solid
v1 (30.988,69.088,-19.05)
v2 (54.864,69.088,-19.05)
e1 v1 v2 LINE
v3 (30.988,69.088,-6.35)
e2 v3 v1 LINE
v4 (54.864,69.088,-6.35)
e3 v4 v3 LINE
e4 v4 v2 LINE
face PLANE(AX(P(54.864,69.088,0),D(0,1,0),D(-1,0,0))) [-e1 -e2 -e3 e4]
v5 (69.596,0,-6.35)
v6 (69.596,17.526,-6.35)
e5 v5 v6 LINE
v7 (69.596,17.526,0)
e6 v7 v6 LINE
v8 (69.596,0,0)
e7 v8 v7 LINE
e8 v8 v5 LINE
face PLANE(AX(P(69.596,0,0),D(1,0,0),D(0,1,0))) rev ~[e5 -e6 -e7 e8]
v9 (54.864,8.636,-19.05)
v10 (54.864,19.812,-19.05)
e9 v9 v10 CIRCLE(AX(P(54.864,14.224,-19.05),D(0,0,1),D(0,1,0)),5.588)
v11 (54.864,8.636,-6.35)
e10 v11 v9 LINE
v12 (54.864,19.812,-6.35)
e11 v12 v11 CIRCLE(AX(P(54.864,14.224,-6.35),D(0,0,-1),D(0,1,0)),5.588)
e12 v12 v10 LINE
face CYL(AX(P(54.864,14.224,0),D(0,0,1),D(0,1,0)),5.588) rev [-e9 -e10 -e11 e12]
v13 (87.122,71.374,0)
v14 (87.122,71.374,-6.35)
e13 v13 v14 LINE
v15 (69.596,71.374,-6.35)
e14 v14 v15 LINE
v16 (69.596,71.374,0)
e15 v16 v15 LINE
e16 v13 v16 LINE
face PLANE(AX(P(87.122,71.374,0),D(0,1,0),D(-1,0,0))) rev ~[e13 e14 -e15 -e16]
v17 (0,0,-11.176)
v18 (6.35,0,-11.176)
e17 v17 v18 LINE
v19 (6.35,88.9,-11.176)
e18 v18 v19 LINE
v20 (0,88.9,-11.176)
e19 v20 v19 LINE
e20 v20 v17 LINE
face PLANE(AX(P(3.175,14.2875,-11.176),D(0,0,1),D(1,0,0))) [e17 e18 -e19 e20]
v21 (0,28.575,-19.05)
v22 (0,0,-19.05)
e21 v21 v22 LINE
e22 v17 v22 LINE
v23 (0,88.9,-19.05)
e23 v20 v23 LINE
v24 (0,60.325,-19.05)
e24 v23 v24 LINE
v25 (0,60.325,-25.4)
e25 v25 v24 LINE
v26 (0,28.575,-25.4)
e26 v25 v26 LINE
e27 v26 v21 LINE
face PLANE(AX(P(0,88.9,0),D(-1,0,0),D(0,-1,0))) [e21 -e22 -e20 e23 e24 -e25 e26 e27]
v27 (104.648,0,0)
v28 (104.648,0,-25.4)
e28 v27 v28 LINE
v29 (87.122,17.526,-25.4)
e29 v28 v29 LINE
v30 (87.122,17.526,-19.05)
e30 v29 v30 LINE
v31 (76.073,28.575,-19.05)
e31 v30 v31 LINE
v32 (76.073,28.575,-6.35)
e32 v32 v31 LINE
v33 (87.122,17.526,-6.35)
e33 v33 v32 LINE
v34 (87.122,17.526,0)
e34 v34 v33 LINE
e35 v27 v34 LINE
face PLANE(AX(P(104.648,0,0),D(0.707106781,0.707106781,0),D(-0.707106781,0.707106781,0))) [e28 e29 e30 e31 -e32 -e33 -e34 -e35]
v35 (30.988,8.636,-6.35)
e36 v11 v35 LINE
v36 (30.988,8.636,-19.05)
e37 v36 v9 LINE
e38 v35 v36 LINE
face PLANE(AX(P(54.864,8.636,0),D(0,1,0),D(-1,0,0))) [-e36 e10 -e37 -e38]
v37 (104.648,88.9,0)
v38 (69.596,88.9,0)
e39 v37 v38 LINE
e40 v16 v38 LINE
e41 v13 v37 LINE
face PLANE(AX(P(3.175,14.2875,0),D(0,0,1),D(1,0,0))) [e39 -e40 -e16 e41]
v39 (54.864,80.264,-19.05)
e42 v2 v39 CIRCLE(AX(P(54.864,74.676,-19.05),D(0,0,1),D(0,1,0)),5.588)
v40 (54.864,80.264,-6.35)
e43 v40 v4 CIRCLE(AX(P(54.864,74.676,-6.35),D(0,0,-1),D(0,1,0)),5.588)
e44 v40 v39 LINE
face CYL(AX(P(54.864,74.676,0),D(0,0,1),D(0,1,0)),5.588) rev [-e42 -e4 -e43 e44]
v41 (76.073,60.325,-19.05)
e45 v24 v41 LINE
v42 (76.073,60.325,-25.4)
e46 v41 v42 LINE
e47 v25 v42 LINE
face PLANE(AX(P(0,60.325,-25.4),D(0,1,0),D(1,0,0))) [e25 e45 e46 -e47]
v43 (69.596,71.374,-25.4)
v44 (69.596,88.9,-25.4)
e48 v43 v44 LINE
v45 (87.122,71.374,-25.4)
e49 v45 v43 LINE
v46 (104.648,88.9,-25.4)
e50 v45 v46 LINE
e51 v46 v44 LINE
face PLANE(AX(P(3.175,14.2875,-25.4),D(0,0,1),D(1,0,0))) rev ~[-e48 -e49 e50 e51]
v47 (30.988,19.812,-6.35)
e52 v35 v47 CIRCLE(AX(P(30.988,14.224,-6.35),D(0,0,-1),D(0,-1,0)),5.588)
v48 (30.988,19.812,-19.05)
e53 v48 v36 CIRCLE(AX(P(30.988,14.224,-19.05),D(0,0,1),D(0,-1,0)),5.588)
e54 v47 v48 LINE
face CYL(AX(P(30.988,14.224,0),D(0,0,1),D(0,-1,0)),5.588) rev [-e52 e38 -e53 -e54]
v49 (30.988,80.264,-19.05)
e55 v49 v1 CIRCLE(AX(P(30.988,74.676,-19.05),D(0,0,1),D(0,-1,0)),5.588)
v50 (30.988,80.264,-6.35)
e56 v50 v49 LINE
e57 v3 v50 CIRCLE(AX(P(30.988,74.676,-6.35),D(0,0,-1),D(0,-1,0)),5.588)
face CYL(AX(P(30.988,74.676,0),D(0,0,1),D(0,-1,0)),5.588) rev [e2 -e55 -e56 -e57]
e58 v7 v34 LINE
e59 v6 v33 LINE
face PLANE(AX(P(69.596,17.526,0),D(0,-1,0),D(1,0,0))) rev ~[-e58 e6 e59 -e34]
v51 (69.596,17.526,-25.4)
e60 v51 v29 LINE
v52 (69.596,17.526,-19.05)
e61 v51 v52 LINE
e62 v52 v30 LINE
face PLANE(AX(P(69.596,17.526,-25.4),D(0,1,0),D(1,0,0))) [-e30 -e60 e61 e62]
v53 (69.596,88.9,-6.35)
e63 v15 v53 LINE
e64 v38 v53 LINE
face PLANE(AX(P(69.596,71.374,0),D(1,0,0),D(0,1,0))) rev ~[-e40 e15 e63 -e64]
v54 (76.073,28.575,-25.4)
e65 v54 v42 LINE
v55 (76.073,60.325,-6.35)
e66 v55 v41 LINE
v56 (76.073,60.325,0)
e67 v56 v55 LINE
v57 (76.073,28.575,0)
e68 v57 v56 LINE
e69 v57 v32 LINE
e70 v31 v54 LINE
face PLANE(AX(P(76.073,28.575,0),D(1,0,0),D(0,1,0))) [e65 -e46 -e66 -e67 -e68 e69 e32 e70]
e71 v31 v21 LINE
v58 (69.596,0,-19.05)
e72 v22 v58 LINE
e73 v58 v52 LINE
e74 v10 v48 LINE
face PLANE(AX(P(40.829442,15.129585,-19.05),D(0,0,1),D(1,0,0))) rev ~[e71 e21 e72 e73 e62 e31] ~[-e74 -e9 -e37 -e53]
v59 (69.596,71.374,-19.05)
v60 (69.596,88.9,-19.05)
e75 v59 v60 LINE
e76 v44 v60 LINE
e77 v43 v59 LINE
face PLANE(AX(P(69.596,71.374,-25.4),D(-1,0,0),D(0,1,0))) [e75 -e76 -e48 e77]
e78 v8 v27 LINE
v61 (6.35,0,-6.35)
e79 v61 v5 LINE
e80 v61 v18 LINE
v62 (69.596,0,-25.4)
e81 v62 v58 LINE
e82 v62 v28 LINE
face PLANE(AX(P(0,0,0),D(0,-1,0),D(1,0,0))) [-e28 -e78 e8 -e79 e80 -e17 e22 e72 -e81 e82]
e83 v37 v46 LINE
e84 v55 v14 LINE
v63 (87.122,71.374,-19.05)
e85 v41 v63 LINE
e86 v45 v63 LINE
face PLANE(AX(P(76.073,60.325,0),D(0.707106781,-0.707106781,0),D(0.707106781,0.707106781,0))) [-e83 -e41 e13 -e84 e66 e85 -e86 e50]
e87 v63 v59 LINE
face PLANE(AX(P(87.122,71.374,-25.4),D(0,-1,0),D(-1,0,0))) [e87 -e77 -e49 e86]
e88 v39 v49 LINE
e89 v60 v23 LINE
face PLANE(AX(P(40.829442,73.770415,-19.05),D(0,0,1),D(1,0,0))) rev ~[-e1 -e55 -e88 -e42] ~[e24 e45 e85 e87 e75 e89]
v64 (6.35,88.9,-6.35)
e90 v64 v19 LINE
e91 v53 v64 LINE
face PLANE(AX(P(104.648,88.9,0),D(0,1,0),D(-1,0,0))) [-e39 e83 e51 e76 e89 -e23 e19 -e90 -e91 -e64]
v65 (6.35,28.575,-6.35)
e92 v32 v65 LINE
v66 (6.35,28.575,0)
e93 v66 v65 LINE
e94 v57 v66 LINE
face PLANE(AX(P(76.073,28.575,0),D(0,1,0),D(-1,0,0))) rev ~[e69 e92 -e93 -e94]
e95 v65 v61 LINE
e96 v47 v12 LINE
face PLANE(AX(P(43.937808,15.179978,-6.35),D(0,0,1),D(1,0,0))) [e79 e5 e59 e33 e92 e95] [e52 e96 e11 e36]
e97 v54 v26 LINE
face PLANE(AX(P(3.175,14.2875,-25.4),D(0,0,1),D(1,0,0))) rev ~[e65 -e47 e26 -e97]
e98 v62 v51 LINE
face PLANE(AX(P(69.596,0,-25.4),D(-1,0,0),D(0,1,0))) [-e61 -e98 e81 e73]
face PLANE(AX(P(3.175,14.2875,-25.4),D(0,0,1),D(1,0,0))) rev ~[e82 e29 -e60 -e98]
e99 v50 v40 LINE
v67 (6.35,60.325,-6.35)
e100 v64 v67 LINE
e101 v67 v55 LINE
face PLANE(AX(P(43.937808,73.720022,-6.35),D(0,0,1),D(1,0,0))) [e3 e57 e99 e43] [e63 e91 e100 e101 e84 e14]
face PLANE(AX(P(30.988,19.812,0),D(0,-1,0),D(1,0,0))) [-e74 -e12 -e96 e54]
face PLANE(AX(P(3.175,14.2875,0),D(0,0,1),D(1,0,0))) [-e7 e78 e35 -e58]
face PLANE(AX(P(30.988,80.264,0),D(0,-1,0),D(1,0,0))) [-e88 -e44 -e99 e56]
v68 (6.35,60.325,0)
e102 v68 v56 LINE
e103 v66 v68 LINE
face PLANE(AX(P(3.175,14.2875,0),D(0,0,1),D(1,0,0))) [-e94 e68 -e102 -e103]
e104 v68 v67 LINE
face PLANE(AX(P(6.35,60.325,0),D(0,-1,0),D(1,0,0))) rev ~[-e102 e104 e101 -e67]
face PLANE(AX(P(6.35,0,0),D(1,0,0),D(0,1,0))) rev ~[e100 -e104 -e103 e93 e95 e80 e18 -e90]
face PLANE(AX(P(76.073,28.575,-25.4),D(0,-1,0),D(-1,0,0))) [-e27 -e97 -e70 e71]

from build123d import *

# Parameters (mm, degrees)
F0_W     = 6.35
F0_H     = 28.575
F0_H_2   = 31.75
F0_W_2   = 69.723
F1_DEPTH = 25.4
F2_DEPTH = 6.35
F3_DEPTH = 6.35
F4_DEPTH = 11.176
F7_DEPTH = 6.35


with BuildPart() as f1:
    # F0 (on Top) → F1 (new body)
    with BuildSketch(Plane.XY):
        with Locations((3.175, 14.2875)):
            Rectangle(F0_W, F0_H)
        Polygon((6.35, 28.575), (6.35, 0), (69.596, 0), (69.596, 17.526), (87.122, 17.526), (76.073, 28.575), align=None)
        with BuildLine():
            ThreePointArc((30.988, 8.636), (25.4, 14.224), (30.988, 19.812))
            Line((30.988, 19.812), (54.864, 19.812))
            ThreePointArc((54.864, 19.812), (60.452, 14.224), (54.864, 8.636))
            Line((54.864, 8.636), (30.988, 8.636))
        make_face(mode=Mode.SUBTRACT)
        with Locations((3.175, 44.45)):
            Rectangle(F0_W, F0_H_2)
        Polygon((69.596, 17.526), (69.596, 0), (104.648, 0), (87.122, 17.526), align=None)
        with Locations((41.2115, 44.45)):
            Rectangle(F0_W_2, F0_H_2)
        with Locations((3.175, 74.6125)):
            Rectangle(F0_W, F0_H)
        Polygon((6.35, 88.9), (6.35, 60.325), (76.073, 60.325), (87.122, 71.374), (69.596, 71.374), (69.596, 88.9), align=None)
        with BuildLine():
            Line((54.864, 69.088), (30.988, 69.088))
            ThreePointArc((30.988, 69.088), (25.4, 74.676), (30.988, 80.264))
            Line((30.988, 80.264), (54.864, 80.264))
            ThreePointArc((54.864, 80.264), (60.452, 74.676), (54.864, 69.088))
        make_face(mode=Mode.SUBTRACT)
        Polygon((69.596, 71.374), (87.122, 71.374), (104.648, 88.9), (69.596, 88.9), align=None)
    extrude(amount=-F1_DEPTH)

    # F0 (on Top) → F2 (cut)
    with BuildSketch(Plane.XY):
        Polygon((6.35, 28.575), (6.35, 0), (69.596, 0), (69.596, 17.526), (87.122, 17.526), (76.073, 28.575), align=None)
        with BuildLine():
            ThreePointArc((30.988, 8.636), (25.4, 14.224), (30.988, 19.812))
            Line((30.988, 19.812), (54.864, 19.812))
            ThreePointArc((54.864, 19.812), (60.452, 14.224), (54.864, 8.636))
            Line((54.864, 8.636), (30.988, 8.636))
        make_face(mode=Mode.SUBTRACT)
    extrude(amount=-F2_DEPTH, mode=Mode.SUBTRACT)

    # F0 (on Top) → F3 (cut)
    with BuildSketch(Plane.XY):
        Polygon((6.35, 88.9), (6.35, 60.325), (76.073, 60.325), (87.122, 71.374), (69.596, 71.374), (69.596, 88.9), align=None)
        with BuildLine():
            Line((54.864, 69.088), (30.988, 69.088))
            ThreePointArc((30.988, 69.088), (25.4, 74.676), (30.988, 80.264))
            Line((30.988, 80.264), (54.864, 80.264))
            ThreePointArc((54.864, 80.264), (60.452, 74.676), (54.864, 69.088))
        make_face(mode=Mode.SUBTRACT)
    extrude(amount=-F3_DEPTH, mode=Mode.SUBTRACT)

    # F0 (on Top) → F4 (cut)
    with BuildSketch(Plane.XY):
        with Locations((3.175, 14.2875)):
            Rectangle(F0_W, F0_H)
        with Locations((3.175, 44.45)):
            Rectangle(F0_W, F0_H_2)
        with Locations((3.175, 74.6125)):
            Rectangle(F0_W, F0_H)
    extrude(amount=-F4_DEPTH, mode=Mode.SUBTRACT)

    # F6 (on offset) → F7 (cut)
    with BuildSketch(Plane.XY.offset(-25.4)):
        Polygon((0, 28.575), (0, 0), (69.596, 0), (69.596, 17.526), (87.122, 17.526), (76.073, 28.575), align=None)
        Polygon((0, 88.9), (0, 60.325), (76.073, 60.325), (87.122, 71.374), (69.596, 71.374), (69.596, 88.9), align=None)
    extrude(amount=F7_DEPTH, mode=Mode.SUBTRACT)


solid = f1.part
